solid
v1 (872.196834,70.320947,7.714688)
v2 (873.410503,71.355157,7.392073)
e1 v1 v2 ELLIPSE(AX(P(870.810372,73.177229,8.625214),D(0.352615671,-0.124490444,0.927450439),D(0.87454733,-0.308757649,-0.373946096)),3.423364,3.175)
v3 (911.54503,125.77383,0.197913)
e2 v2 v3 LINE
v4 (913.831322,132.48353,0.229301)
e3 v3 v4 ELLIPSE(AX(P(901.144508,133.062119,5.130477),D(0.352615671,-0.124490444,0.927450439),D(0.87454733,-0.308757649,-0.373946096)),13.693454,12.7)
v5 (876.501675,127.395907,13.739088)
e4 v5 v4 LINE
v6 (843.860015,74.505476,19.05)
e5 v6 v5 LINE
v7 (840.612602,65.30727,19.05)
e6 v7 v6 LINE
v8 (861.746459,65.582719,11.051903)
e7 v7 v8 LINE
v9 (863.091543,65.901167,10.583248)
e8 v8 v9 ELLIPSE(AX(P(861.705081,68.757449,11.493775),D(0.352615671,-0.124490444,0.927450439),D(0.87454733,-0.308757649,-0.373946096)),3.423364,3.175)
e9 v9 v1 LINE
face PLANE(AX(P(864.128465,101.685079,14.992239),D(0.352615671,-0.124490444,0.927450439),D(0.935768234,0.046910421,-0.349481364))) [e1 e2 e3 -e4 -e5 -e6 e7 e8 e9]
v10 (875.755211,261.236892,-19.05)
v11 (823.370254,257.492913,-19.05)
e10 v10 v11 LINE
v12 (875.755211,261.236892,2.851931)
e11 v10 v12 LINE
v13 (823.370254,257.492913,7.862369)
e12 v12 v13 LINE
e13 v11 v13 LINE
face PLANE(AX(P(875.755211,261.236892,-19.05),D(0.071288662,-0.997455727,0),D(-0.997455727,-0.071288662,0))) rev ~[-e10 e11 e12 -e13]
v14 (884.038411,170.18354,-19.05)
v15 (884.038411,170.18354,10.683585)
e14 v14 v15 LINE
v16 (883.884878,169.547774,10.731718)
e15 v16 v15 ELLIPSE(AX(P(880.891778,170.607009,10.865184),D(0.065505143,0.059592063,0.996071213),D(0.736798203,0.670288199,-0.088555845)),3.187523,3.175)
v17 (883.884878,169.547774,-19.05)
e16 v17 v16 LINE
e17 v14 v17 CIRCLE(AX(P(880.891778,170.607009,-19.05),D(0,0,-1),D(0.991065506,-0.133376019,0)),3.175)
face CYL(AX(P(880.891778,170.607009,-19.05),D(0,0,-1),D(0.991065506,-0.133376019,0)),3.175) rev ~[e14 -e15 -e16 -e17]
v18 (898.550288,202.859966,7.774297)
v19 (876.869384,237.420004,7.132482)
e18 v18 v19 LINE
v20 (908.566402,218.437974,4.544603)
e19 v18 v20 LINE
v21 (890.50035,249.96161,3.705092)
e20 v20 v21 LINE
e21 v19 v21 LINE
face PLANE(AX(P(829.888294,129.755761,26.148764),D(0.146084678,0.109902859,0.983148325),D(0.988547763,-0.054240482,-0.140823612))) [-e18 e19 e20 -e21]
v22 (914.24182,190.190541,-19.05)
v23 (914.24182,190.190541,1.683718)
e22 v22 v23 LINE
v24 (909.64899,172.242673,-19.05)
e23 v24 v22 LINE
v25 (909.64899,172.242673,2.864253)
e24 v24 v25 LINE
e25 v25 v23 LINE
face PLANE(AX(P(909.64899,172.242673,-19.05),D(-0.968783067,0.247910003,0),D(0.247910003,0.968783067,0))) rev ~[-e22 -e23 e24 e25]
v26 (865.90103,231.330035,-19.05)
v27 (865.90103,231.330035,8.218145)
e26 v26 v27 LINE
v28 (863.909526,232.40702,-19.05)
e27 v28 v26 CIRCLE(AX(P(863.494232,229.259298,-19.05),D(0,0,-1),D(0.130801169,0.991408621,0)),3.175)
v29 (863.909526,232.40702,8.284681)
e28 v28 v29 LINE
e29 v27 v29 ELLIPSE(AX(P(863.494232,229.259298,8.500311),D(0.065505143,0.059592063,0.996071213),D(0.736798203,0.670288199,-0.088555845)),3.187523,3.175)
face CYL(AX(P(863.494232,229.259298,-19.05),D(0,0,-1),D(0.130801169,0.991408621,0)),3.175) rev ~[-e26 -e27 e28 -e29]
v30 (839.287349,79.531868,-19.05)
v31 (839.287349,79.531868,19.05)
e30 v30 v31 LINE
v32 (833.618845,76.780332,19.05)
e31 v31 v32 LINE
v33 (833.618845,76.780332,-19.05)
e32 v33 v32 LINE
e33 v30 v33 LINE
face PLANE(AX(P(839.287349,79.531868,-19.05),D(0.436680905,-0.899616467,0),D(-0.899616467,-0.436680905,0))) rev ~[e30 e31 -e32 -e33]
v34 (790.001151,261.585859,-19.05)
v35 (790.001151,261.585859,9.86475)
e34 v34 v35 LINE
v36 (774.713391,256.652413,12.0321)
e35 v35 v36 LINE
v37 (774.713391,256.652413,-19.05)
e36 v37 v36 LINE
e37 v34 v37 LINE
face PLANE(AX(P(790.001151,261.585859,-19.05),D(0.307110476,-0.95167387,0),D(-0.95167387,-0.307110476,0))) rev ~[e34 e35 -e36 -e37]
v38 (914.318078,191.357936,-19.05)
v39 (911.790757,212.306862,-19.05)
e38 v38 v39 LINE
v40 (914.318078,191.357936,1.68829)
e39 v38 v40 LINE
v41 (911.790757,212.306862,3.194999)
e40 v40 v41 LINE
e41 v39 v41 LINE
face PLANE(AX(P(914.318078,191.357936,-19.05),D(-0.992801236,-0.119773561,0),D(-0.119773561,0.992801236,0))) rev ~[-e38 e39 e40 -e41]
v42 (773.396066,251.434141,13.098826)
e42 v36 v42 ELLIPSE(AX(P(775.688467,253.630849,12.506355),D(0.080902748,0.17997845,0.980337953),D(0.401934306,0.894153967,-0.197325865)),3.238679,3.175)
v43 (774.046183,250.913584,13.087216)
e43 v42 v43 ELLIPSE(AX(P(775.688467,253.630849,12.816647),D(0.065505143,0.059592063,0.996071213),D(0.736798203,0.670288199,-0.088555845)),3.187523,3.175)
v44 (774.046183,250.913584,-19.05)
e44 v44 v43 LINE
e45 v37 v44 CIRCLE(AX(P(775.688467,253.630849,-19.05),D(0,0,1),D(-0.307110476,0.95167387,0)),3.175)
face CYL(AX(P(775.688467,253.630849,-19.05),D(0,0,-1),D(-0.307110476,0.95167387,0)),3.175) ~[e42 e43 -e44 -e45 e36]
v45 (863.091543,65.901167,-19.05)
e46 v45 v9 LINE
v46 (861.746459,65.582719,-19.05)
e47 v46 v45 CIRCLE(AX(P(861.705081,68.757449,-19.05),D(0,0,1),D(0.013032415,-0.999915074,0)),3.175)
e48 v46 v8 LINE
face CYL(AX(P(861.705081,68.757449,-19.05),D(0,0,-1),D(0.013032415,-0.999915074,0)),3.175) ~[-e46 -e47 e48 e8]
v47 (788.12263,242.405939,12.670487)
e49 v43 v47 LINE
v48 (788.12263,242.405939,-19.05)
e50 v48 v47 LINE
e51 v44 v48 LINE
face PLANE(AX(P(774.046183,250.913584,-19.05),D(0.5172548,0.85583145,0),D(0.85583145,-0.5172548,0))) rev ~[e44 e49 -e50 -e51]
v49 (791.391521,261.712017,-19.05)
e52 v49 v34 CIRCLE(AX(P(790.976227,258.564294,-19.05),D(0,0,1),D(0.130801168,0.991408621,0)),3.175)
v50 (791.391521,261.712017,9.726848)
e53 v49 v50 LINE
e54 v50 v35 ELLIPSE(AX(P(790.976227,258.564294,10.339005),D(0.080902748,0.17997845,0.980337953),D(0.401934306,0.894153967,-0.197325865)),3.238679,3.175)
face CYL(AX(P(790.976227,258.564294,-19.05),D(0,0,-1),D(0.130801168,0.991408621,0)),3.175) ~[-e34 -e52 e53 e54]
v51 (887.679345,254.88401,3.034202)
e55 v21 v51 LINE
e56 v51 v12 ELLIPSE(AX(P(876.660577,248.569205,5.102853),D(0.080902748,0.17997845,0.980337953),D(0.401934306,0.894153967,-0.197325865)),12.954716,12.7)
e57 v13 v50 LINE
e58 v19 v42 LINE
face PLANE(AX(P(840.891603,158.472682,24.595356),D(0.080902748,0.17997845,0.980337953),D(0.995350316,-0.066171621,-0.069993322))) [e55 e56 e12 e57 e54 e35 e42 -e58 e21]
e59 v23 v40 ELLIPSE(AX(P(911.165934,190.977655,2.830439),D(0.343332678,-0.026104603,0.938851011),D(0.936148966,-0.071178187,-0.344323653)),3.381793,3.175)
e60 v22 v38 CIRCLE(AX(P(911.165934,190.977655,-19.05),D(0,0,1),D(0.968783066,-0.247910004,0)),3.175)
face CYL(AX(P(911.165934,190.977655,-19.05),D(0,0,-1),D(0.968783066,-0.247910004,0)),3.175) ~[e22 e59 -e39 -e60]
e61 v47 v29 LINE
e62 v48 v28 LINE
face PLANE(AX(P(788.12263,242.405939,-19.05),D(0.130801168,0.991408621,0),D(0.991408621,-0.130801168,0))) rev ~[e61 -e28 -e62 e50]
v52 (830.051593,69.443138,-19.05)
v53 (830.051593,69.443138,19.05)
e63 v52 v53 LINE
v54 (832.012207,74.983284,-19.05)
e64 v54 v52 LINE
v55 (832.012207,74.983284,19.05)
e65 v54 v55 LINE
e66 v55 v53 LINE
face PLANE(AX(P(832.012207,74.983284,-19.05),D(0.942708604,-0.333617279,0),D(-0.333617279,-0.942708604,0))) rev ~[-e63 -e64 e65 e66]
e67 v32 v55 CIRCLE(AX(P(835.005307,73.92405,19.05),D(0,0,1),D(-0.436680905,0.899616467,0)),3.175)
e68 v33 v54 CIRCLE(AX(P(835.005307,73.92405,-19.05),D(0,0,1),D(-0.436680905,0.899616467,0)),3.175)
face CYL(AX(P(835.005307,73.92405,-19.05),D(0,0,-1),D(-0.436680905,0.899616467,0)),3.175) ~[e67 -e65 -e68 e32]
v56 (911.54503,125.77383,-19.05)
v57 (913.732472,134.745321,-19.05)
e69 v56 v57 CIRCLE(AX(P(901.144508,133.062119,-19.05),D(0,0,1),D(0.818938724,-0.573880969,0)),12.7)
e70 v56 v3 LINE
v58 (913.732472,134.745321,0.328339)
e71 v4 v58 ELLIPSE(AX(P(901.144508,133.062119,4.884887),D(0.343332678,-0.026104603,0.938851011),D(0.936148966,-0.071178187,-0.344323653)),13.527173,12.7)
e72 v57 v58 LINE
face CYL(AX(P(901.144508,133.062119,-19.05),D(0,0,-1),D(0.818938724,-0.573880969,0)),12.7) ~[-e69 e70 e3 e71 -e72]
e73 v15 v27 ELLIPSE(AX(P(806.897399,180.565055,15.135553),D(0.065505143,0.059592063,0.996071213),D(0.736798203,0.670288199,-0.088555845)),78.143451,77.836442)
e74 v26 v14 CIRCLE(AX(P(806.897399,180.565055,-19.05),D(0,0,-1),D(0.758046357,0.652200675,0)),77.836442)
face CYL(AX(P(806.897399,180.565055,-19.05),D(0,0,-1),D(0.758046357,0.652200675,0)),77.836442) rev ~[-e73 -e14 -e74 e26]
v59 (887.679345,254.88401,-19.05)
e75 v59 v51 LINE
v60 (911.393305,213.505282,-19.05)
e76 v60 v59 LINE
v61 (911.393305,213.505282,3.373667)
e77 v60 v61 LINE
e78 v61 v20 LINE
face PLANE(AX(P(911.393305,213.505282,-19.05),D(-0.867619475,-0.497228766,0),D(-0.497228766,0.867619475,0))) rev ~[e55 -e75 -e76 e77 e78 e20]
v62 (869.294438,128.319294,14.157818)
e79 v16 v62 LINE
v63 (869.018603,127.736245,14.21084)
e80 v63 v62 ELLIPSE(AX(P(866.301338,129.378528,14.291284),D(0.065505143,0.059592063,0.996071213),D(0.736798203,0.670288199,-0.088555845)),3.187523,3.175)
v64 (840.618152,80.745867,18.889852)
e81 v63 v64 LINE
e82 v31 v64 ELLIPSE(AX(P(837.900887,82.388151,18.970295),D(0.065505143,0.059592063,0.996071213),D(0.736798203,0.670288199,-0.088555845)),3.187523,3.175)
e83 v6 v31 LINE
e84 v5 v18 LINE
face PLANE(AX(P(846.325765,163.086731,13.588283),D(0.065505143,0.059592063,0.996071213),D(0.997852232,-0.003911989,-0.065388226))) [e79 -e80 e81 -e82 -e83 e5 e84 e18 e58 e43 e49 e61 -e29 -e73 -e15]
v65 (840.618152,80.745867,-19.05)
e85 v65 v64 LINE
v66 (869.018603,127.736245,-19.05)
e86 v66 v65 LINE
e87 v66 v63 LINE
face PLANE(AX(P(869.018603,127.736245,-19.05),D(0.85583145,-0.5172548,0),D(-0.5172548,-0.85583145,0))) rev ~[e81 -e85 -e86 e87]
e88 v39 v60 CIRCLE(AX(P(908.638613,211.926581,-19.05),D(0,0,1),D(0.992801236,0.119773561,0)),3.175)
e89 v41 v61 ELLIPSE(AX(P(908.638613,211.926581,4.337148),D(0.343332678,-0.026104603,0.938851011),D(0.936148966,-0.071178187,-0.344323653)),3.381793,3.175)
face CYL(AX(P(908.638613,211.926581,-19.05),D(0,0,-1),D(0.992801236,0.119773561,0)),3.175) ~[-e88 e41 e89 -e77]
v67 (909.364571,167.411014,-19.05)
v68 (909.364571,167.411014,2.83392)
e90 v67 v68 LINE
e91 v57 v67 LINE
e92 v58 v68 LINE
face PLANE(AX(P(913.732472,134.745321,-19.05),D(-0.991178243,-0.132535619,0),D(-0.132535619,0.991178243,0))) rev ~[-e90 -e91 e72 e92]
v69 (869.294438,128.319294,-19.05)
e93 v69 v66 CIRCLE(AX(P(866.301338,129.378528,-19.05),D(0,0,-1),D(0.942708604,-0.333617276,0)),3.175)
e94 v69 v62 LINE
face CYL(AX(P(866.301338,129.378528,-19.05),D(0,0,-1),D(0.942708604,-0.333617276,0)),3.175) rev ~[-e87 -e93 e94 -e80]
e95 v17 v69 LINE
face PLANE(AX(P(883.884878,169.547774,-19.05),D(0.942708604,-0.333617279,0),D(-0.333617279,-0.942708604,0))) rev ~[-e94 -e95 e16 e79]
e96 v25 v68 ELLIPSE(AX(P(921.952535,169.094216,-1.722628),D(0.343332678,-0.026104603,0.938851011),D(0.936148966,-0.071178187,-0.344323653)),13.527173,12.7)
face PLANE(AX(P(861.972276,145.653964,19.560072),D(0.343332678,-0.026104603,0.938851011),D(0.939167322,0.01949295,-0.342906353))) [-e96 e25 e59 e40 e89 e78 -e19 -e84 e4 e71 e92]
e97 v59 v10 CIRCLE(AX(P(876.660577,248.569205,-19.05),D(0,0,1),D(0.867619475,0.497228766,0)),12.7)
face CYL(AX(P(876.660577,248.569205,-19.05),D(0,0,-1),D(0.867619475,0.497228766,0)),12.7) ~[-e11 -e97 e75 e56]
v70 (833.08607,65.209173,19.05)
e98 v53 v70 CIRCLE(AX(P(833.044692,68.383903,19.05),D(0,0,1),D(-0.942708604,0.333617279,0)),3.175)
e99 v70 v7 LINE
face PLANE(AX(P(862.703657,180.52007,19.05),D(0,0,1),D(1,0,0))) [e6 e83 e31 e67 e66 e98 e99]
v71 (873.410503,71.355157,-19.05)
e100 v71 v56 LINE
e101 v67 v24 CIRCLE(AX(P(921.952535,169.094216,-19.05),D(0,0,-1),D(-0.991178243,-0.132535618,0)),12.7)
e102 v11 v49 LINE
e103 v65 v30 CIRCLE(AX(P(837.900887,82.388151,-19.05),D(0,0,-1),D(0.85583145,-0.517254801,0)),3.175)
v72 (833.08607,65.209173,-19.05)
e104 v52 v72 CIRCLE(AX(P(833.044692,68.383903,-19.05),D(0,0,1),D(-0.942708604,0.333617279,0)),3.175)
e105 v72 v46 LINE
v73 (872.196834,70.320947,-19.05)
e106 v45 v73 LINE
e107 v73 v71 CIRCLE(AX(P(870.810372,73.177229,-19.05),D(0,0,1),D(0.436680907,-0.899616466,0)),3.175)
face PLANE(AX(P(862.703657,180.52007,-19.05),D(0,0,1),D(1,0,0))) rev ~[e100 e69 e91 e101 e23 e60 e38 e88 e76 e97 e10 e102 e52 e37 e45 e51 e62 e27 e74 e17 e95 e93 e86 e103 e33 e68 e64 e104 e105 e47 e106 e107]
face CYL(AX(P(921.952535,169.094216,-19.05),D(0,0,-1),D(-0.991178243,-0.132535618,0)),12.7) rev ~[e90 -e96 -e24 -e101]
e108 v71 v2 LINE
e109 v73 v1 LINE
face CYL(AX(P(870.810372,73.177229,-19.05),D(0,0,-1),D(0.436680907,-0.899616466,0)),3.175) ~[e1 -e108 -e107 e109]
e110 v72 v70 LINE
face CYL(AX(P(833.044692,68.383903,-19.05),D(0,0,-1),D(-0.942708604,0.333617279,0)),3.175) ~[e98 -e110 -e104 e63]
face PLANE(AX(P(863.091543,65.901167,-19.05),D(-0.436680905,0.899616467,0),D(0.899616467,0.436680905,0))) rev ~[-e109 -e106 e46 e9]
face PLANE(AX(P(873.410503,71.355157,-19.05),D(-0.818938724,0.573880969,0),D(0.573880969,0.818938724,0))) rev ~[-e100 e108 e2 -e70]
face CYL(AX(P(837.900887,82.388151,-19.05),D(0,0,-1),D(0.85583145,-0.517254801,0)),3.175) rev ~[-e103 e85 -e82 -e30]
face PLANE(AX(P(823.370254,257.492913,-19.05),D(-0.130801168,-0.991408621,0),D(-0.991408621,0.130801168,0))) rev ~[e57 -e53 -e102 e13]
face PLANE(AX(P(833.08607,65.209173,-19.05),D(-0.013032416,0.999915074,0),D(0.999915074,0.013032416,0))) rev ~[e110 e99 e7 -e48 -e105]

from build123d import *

# Parameters (mm, degrees)
BOSS_EXTRUDE1_DEPTH      = 19.05
BOSS_EXTRUDE1_DEPTH_BACK = 19.05
SKETCH4_W                = 186.379734437
SKETCH4_H                = 233.28599277
CUT_EXTRUDE1_DEPTH       = 950.835438404
SKETCH7_W                = 231.95079804
SKETCH7_H                = 221.677656062
CUT_EXTRUDE2_DEPTH       = 946.905059587
SKETCH11_W               = 173.814101514
SKETCH11_H               = 248.849814079
CUT_EXTRUDE4_DEPTH       = 941.51899366
SKETCH14_W               = 196.129851378
SKETCH14_H               = 225.619542635
CUT_EXTRUDE5_DEPTH       = 907.478686006
SKETCH17_W               = 176.819121146
SKETCH17_H               = 184.843776095
CUT_EXTRUDE6_DEPTH       = 913.1190158


with BuildPart() as part:
    # Sketch1 → Boss-Extrude1 (new, two sides: drawn at the far end of the back side and taken through both)
    with BuildSketch(Plane.XY.offset(-BOSS_EXTRUDE1_DEPTH_BACK)):
        with BuildLine():
            Line((832.012207401, 74.98328443), (830.051592511, 69.443138151))
            ThreePointArc((830.051592511, 69.443138151), (830.464037195, 66.534350889), (833.086070249, 65.20917293))
            Line((833.086070249, 65.20917293), (861.746459213, 65.582718771))
            ThreePointArc((861.746459213, 65.582718771), (862.436541417, 65.667855132), (863.091543165, 65.90116685))
            Line((863.091543165, 65.90116685), (872.196833975, 70.320946588))
            ThreePointArc((872.196833975, 70.320946588), (872.869650438, 70.760620145), (873.410502549, 71.355156792))
            Line((873.410502549, 71.355156792), (911.54502985, 125.773830324))
            ThreePointArc((911.54502985, 125.773830324), (913.483046359, 130.053718288), (913.732471748, 134.745320994))
            Line((913.732471748, 134.745320994), (909.364571394, 167.411013692))
            ThreePointArc((909.364571394, 167.411013692), (909.274481854, 169.840517815), (909.648990135, 172.242673089))
            Line((909.648990135, 172.242673089), (914.241820235, 190.190541175))
            ThreePointArc((914.241820235, 190.190541175), (914.334181602, 190.770696206), (914.318077922, 191.357936492))
            Line((914.318077922, 191.357936492), (911.790756949, 212.30686176))
            ThreePointArc((911.790756949, 212.30686176), (911.6522039, 212.92602807), (911.39330486, 213.505282035))
            Line((911.39330486, 213.505282035), (887.679344514, 254.884009975))
            ThreePointArc((887.679344514, 254.884009975), (882.632176652, 259.777683565), (875.755211166, 261.236892374))
            Line((875.755211166, 261.236892374), (823.370254465, 257.492913183))
            Line((823.370254465, 257.492913183), (791.391520556, 261.712016844))
            ThreePointArc((791.391520556, 261.712016844), (790.689315821, 261.726304443), (790.001151085, 261.585859009))
            Line((790.001151085, 261.585859009), (774.713390941, 256.652413374))
            ThreePointArc((774.713390941, 256.652413374), (772.534709623, 253.997511187), (774.046182712, 250.913583981))
            Line((774.046182712, 250.913583981), (788.122630404, 242.405939005))
            Line((788.122630404, 242.405939005), (863.909526126, 232.407020034))
            ThreePointArc((863.909526126, 232.407020034), (865.004538197, 232.052074317), (865.901029602, 231.330034804))
            ThreePointArc((865.901029602, 231.330034804), (881.520213, 202.699806258), (884.038410967, 170.183540241))
            ThreePointArc((884.038410967, 170.183540241), (883.978058807, 169.861693272), (883.884877802, 169.547774246))
            Line((883.884877802, 169.547774246), (869.294437604, 128.319293639))
            ThreePointArc((869.294437604, 128.319293639), (869.171364398, 128.020746389), (869.018602643, 127.736244508))
            Line((869.018602643, 127.736244508), (840.618152355, 80.745866559))
            ThreePointArc((840.618152355, 80.745866559), (840.040651792, 80.042509109), (839.287349373, 79.531868269))
            Line((839.287349373, 79.531868269), (833.618845344, 76.780331852))
            ThreePointArc((833.618845344, 76.780331852), (832.638350308, 76.040211187), (832.012207401, 74.98328443))
        make_face()
    extrude(amount=BOSS_EXTRUDE1_DEPTH + BOSS_EXTRUDE1_DEPTH_BACK)

    # Sketch4 → Cut-Extrude1 (cut, through all)
    with BuildSketch(Plane(origin=(5.154747967, 4.689434257, 78.383097783), x_dir=(0.9978522316377796, -0.003911988654162224, -0.06538822646526604), z_dir=(0.06550514342785009, 0.05959206261409093, 0.9960712134470584))):
        with Locations((842.981546385, 161.984148681)):
            Rectangle(SKETCH4_W, SKETCH4_H)
    extrude(amount=CUT_EXTRUDE1_DEPTH, mode=Mode.SUBTRACT)

    # Sketch7 → Cut-Extrude2 (cut, through all)
    with BuildSketch(Plane(origin=(9.762038751, 21.716896374, 118.29137191), x_dir=(0.9953503159229875, -0.06617162100827076, -0.06999332228967761), z_dir=(0.08090274831952654, 0.17997844984324457, 0.9803379534152342))):
        with Locations((824.773818159, 194.950225871)):
            Rectangle(SKETCH7_W, SKETCH7_H)
    extrude(amount=CUT_EXTRUDE2_DEPTH, mode=Mode.SUBTRACT)

    # Sketch11 → Cut-Extrude4 (cut, through all)
    with BuildSketch(Plane(origin=(23.549231024, 17.716627358, 158.48607319), x_dir=(0.988547763362636, -0.054240482201212636, -0.14082361180324135), z_dir=(0.14608467838170588, 0.1099028586949763, 0.983148324716462))):
        with Locations((809.66383823, 157.140332284)):
            Rectangle(SKETCH11_W, SKETCH11_H)
    extrude(amount=CUT_EXTRUDE4_DEPTH, mode=Mode.SUBTRACT)

    # Sketch14 → Cut-Extrude5 (cut, through all)
    with BuildSketch(Plane(origin=(106.606514907, -8.105609994, 291.517937711), x_dir=(0.9391673216400718, 0.019492950361294347, -0.3429063528860705), z_dir=(0.3433326783617723, -0.026104603375052715, 0.9388510114238378))):
        with Locations((805.668145938, 138.128050957)):
            Rectangle(SKETCH14_W, SKETCH14_H)
    extrude(amount=CUT_EXTRUDE5_DEPTH, mode=Mode.SUBTRACT)

    # Sketch17 → Cut-Extrude6 (cut, through all)
    with BuildSketch(Plane(origin=(107.883108977, -38.087973047, 283.754367701), x_dir=(0.9357682343427207, 0.04691042077342712, -0.34948136433573534), z_dir=(0.3526156712273392, -0.12449044441681217, 0.9274504394595959))):
        with Locations((808.154549648, 102.775727883)):
            Rectangle(SKETCH17_W, SKETCH17_H)
    extrude(amount=CUT_EXTRUDE6_DEPTH, mode=Mode.SUBTRACT)


solid = part.part
